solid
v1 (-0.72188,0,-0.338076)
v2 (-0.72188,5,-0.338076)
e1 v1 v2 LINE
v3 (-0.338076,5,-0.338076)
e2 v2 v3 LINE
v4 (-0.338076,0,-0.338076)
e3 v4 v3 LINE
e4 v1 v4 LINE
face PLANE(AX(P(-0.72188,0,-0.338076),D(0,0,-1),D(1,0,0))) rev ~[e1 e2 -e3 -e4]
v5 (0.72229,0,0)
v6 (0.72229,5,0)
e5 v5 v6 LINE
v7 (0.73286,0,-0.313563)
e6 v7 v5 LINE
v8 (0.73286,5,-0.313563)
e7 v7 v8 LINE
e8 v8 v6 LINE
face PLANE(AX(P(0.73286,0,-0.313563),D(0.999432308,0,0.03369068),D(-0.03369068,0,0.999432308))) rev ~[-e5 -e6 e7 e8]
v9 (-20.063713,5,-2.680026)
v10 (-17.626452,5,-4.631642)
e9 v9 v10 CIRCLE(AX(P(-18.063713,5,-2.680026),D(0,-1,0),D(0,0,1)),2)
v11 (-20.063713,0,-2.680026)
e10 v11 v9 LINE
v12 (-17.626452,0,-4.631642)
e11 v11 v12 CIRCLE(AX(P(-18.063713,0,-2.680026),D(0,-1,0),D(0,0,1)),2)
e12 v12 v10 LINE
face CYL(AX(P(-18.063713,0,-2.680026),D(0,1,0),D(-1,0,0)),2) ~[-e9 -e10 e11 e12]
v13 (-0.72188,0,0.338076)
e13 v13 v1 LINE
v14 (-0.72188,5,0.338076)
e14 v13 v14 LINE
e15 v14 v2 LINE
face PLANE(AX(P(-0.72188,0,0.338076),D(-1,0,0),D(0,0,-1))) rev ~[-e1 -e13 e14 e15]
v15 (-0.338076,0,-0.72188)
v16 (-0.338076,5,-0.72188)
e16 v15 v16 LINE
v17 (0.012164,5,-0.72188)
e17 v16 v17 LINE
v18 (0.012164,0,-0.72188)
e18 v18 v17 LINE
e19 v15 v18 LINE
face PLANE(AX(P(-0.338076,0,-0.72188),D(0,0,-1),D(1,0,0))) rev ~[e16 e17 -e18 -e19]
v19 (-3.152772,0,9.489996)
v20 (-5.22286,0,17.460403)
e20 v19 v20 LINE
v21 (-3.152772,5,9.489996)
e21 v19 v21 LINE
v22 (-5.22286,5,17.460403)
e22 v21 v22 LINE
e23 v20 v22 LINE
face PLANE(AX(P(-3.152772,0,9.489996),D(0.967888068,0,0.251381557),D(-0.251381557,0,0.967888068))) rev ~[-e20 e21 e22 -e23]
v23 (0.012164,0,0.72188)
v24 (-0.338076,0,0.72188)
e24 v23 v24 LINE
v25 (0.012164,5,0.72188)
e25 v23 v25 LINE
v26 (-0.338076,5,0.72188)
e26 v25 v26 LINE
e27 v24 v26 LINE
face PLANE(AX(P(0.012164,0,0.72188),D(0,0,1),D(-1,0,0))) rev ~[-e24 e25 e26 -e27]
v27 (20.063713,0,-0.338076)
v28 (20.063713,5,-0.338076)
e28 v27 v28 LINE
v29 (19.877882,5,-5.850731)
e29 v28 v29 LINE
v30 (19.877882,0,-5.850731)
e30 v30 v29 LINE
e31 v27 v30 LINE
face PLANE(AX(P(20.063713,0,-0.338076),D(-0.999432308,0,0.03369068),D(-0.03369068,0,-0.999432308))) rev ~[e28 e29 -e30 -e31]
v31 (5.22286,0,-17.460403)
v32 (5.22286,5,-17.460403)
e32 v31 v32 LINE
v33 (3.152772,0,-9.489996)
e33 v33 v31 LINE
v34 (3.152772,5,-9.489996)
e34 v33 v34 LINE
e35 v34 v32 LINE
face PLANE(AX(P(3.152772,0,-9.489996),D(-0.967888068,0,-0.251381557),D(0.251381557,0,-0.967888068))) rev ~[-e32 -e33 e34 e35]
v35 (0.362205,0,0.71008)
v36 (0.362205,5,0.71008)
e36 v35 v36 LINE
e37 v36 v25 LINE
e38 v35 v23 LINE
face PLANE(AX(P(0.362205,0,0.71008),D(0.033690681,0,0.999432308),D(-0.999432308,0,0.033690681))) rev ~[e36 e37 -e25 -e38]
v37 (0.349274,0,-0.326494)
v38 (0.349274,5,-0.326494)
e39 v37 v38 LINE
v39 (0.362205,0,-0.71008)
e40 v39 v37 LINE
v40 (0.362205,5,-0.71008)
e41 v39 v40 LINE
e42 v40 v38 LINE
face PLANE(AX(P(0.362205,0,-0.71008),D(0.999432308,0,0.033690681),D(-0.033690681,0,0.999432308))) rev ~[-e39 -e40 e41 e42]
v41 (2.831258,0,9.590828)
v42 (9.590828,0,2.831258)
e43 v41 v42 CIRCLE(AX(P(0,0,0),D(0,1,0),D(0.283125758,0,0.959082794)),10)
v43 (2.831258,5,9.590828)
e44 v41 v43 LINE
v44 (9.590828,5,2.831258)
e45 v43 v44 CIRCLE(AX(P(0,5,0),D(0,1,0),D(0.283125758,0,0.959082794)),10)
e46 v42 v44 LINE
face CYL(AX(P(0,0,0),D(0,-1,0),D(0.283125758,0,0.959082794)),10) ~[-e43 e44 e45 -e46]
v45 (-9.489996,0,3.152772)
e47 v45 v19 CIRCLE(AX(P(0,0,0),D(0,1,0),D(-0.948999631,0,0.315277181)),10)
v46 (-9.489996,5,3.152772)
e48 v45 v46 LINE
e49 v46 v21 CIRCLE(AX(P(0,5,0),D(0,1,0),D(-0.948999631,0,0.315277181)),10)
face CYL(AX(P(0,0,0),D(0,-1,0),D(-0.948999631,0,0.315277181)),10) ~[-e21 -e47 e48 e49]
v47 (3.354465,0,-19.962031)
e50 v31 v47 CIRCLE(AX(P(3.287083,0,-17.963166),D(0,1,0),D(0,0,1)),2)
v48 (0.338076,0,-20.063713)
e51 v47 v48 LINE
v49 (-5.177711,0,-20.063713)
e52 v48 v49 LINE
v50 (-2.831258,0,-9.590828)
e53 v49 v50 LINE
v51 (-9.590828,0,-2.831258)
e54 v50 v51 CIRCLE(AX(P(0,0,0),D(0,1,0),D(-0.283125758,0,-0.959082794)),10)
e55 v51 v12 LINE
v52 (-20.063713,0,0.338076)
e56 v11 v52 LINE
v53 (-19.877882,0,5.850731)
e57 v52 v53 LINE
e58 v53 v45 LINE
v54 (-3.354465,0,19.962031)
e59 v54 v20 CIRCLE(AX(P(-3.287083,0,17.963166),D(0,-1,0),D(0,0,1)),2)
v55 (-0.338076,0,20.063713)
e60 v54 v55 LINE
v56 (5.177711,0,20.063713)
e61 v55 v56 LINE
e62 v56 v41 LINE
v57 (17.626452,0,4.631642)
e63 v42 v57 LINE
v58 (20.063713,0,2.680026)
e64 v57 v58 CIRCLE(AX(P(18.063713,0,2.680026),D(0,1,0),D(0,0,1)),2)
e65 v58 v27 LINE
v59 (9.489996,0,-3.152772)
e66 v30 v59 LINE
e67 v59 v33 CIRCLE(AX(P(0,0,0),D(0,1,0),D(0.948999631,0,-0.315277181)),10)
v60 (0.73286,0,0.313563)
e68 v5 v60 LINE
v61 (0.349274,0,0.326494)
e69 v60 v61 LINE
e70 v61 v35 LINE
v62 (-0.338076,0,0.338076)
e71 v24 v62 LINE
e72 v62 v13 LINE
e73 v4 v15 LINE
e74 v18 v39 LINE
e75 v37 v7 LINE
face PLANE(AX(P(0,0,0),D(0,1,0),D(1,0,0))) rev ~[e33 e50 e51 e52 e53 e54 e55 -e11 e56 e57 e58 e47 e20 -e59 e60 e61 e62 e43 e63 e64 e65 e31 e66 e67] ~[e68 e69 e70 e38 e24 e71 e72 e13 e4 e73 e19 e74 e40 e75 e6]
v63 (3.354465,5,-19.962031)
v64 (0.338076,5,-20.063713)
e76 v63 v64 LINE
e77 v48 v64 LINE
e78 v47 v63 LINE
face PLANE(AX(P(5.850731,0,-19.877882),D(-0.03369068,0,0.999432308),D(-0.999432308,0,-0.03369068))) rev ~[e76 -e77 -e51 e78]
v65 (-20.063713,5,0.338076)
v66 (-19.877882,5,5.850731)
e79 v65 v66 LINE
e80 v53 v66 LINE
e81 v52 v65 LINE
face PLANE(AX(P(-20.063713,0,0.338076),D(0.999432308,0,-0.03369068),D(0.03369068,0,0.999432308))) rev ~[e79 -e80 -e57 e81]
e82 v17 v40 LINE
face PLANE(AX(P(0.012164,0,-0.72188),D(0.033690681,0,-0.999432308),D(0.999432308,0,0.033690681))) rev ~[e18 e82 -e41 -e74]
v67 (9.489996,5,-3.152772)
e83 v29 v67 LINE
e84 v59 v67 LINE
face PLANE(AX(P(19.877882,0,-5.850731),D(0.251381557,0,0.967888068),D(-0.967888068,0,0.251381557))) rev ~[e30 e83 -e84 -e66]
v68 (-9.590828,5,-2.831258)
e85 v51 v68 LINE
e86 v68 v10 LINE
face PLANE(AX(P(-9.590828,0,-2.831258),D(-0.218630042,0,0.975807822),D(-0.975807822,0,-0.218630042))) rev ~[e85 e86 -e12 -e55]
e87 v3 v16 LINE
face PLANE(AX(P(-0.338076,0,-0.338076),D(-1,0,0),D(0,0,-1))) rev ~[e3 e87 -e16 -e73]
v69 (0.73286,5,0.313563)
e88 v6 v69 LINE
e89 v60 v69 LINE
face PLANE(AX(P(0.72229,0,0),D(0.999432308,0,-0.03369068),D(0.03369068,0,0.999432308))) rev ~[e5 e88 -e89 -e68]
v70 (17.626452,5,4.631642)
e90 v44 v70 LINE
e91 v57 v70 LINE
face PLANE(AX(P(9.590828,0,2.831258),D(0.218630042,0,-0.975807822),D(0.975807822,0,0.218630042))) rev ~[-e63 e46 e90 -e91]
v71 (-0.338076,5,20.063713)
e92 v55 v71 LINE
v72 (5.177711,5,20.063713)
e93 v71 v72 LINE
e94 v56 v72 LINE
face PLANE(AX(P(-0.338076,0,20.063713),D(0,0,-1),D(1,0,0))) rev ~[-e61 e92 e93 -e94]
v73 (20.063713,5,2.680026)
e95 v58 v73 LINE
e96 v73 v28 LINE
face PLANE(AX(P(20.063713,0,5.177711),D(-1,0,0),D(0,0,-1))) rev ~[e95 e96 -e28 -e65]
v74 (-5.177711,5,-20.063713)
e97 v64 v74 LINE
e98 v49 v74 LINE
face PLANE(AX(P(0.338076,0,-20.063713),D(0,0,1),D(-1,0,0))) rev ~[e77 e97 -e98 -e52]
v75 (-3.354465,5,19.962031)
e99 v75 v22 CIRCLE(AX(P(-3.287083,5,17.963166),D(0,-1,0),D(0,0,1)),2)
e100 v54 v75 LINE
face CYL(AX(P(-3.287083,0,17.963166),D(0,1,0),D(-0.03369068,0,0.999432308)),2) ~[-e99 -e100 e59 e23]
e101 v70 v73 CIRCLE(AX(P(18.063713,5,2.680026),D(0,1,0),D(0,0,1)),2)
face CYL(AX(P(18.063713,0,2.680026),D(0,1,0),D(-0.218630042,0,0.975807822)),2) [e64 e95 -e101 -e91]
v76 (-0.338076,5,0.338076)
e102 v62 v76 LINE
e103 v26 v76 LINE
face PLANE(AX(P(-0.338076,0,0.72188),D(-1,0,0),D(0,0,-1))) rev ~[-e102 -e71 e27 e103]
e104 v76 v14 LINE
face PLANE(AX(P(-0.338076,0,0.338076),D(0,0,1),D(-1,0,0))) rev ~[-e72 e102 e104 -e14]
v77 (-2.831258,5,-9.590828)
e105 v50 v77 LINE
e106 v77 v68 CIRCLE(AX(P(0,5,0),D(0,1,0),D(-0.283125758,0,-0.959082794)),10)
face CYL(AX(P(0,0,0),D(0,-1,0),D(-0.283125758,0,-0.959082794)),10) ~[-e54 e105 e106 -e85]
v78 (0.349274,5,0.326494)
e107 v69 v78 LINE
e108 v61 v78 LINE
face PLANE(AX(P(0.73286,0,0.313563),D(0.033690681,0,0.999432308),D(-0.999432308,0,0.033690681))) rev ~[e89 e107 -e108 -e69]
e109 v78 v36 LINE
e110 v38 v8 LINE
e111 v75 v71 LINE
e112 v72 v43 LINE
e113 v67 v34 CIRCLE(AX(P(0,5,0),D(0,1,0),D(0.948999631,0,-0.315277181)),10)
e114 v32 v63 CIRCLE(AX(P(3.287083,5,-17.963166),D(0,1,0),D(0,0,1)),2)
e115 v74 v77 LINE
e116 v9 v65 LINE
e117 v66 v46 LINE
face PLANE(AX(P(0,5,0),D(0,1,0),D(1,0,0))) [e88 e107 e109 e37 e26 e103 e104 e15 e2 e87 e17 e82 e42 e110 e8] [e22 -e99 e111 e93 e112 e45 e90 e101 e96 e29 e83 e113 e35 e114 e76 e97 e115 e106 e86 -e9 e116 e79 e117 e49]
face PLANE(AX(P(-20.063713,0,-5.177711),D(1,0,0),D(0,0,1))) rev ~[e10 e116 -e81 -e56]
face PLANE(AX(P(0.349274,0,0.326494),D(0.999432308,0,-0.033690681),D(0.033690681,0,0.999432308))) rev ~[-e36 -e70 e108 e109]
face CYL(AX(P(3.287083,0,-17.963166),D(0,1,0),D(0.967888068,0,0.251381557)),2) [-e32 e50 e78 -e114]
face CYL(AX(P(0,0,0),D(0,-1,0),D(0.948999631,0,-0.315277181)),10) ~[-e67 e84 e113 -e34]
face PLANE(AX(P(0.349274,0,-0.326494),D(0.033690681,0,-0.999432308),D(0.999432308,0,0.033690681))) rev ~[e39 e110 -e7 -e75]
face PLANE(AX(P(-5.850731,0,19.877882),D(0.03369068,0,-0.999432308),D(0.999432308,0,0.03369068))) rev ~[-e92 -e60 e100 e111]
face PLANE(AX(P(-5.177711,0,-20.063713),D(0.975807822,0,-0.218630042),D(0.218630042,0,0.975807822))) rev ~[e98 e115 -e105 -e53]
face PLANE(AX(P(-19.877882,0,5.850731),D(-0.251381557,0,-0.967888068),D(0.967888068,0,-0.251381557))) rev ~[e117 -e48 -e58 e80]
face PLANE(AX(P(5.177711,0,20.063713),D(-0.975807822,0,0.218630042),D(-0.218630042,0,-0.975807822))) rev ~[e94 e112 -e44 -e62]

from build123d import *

# Parameters (mm, degrees)
BOSS_EXTRUDE1_DEPTH = 5
FILLET1_R           = 2


with BuildPart() as part:
    # Sketch1 → Boss-Extrude1 (new body)
    with BuildSketch(Plane(origin=(0, 0, 0), x_dir=(1, 0, 0), z_dir=(0, 1, 0))):
        with BuildLine():
            Line((5.177710586, -20.063712518), (2.831257578, -9.590827937))
            ThreePointArc((2.831257578, -9.590827937), (7.071067812, -7.071067812), (9.590827937, -2.831257578))
            Line((9.590827937, -2.831257578), (20.063712518, -5.177710586))
            Line((20.063712518, -5.177710586), (20.063712518, 0.338076022))
            Line((20.063712518, 0.338076022), (19.877881915, 5.850731362))
            Line((19.877881915, 5.850731362), (9.489996307, 3.152771812))
            ThreePointArc((9.489996307, 3.152771812), (7.071067812, 7.071067812), (3.152771812, 9.489996307))
            Line((3.152771812, 9.489996307), (5.850731362, 19.877881915))
            Line((5.850731362, 19.877881915), (0.338076022, 20.063712518))
            Line((0.338076022, 20.063712518), (-5.177710586, 20.063712518))
            Line((-5.177710586, 20.063712518), (-2.831257578, 9.590827937))
            ThreePointArc((-2.831257578, 9.590827937), (-7.071067812, 7.071067812), (-9.590827937, 2.831257578))
            Line((-9.590827937, 2.831257578), (-20.063712518, 5.177710586))
            Line((-20.063712518, 5.177710586), (-20.063712518, -0.338076022))
            Line((-20.063712518, -0.338076022), (-19.877881915, -5.850731362))
            Line((-19.877881915, -5.850731362), (-9.489996307, -3.152771812))
            ThreePointArc((-9.489996307, -3.152771812), (-7.071067812, -7.071067812), (-3.152771812, -9.489996307))
            Line((-3.152771812, -9.489996307), (-5.850731362, -19.877881915))
            Line((-5.850731362, -19.877881915), (-0.338076022, -20.063712518))
            Line((-0.338076022, -20.063712518), (5.177710586, -20.063712518))
        make_face()
        Polygon((-0.338076022, -0.721880139), (-0.338076022, -0.338076022), (-0.721880139, -0.338076022), (-0.721880139, 0.338076022), (-0.338076022, 0.338076022), (-0.338076022, 0.721880139), (0.012163769, 0.721880139), (0.362204732, 0.710080322), (0.34927411, 0.326494088), (0.732860345, 0.313563466), (0.722290178, 0), (0.732860345, -0.313563466), (0.34927411, -0.326494088), (0.362204732, -0.710080322), (0.012163769, -0.721880139), align=None, mode=Mode.SUBTRACT)
    extrude(amount=BOSS_EXTRUDE1_DEPTH)

    # Fillet1
    fillet1_edges = [part.edges().sort_by_distance(p)[0] for p in [
        (20.063712518, 2.5, 5.177710586),
        (-5.850731362, 2.5, 19.877881915),
        (-20.063712518, 2.5, -5.177710586),
        (5.850731362, 2.5, -19.877881915),
    ]]
    fillet(fillet1_edges, radius=FILLET1_R)


solid = part.part
